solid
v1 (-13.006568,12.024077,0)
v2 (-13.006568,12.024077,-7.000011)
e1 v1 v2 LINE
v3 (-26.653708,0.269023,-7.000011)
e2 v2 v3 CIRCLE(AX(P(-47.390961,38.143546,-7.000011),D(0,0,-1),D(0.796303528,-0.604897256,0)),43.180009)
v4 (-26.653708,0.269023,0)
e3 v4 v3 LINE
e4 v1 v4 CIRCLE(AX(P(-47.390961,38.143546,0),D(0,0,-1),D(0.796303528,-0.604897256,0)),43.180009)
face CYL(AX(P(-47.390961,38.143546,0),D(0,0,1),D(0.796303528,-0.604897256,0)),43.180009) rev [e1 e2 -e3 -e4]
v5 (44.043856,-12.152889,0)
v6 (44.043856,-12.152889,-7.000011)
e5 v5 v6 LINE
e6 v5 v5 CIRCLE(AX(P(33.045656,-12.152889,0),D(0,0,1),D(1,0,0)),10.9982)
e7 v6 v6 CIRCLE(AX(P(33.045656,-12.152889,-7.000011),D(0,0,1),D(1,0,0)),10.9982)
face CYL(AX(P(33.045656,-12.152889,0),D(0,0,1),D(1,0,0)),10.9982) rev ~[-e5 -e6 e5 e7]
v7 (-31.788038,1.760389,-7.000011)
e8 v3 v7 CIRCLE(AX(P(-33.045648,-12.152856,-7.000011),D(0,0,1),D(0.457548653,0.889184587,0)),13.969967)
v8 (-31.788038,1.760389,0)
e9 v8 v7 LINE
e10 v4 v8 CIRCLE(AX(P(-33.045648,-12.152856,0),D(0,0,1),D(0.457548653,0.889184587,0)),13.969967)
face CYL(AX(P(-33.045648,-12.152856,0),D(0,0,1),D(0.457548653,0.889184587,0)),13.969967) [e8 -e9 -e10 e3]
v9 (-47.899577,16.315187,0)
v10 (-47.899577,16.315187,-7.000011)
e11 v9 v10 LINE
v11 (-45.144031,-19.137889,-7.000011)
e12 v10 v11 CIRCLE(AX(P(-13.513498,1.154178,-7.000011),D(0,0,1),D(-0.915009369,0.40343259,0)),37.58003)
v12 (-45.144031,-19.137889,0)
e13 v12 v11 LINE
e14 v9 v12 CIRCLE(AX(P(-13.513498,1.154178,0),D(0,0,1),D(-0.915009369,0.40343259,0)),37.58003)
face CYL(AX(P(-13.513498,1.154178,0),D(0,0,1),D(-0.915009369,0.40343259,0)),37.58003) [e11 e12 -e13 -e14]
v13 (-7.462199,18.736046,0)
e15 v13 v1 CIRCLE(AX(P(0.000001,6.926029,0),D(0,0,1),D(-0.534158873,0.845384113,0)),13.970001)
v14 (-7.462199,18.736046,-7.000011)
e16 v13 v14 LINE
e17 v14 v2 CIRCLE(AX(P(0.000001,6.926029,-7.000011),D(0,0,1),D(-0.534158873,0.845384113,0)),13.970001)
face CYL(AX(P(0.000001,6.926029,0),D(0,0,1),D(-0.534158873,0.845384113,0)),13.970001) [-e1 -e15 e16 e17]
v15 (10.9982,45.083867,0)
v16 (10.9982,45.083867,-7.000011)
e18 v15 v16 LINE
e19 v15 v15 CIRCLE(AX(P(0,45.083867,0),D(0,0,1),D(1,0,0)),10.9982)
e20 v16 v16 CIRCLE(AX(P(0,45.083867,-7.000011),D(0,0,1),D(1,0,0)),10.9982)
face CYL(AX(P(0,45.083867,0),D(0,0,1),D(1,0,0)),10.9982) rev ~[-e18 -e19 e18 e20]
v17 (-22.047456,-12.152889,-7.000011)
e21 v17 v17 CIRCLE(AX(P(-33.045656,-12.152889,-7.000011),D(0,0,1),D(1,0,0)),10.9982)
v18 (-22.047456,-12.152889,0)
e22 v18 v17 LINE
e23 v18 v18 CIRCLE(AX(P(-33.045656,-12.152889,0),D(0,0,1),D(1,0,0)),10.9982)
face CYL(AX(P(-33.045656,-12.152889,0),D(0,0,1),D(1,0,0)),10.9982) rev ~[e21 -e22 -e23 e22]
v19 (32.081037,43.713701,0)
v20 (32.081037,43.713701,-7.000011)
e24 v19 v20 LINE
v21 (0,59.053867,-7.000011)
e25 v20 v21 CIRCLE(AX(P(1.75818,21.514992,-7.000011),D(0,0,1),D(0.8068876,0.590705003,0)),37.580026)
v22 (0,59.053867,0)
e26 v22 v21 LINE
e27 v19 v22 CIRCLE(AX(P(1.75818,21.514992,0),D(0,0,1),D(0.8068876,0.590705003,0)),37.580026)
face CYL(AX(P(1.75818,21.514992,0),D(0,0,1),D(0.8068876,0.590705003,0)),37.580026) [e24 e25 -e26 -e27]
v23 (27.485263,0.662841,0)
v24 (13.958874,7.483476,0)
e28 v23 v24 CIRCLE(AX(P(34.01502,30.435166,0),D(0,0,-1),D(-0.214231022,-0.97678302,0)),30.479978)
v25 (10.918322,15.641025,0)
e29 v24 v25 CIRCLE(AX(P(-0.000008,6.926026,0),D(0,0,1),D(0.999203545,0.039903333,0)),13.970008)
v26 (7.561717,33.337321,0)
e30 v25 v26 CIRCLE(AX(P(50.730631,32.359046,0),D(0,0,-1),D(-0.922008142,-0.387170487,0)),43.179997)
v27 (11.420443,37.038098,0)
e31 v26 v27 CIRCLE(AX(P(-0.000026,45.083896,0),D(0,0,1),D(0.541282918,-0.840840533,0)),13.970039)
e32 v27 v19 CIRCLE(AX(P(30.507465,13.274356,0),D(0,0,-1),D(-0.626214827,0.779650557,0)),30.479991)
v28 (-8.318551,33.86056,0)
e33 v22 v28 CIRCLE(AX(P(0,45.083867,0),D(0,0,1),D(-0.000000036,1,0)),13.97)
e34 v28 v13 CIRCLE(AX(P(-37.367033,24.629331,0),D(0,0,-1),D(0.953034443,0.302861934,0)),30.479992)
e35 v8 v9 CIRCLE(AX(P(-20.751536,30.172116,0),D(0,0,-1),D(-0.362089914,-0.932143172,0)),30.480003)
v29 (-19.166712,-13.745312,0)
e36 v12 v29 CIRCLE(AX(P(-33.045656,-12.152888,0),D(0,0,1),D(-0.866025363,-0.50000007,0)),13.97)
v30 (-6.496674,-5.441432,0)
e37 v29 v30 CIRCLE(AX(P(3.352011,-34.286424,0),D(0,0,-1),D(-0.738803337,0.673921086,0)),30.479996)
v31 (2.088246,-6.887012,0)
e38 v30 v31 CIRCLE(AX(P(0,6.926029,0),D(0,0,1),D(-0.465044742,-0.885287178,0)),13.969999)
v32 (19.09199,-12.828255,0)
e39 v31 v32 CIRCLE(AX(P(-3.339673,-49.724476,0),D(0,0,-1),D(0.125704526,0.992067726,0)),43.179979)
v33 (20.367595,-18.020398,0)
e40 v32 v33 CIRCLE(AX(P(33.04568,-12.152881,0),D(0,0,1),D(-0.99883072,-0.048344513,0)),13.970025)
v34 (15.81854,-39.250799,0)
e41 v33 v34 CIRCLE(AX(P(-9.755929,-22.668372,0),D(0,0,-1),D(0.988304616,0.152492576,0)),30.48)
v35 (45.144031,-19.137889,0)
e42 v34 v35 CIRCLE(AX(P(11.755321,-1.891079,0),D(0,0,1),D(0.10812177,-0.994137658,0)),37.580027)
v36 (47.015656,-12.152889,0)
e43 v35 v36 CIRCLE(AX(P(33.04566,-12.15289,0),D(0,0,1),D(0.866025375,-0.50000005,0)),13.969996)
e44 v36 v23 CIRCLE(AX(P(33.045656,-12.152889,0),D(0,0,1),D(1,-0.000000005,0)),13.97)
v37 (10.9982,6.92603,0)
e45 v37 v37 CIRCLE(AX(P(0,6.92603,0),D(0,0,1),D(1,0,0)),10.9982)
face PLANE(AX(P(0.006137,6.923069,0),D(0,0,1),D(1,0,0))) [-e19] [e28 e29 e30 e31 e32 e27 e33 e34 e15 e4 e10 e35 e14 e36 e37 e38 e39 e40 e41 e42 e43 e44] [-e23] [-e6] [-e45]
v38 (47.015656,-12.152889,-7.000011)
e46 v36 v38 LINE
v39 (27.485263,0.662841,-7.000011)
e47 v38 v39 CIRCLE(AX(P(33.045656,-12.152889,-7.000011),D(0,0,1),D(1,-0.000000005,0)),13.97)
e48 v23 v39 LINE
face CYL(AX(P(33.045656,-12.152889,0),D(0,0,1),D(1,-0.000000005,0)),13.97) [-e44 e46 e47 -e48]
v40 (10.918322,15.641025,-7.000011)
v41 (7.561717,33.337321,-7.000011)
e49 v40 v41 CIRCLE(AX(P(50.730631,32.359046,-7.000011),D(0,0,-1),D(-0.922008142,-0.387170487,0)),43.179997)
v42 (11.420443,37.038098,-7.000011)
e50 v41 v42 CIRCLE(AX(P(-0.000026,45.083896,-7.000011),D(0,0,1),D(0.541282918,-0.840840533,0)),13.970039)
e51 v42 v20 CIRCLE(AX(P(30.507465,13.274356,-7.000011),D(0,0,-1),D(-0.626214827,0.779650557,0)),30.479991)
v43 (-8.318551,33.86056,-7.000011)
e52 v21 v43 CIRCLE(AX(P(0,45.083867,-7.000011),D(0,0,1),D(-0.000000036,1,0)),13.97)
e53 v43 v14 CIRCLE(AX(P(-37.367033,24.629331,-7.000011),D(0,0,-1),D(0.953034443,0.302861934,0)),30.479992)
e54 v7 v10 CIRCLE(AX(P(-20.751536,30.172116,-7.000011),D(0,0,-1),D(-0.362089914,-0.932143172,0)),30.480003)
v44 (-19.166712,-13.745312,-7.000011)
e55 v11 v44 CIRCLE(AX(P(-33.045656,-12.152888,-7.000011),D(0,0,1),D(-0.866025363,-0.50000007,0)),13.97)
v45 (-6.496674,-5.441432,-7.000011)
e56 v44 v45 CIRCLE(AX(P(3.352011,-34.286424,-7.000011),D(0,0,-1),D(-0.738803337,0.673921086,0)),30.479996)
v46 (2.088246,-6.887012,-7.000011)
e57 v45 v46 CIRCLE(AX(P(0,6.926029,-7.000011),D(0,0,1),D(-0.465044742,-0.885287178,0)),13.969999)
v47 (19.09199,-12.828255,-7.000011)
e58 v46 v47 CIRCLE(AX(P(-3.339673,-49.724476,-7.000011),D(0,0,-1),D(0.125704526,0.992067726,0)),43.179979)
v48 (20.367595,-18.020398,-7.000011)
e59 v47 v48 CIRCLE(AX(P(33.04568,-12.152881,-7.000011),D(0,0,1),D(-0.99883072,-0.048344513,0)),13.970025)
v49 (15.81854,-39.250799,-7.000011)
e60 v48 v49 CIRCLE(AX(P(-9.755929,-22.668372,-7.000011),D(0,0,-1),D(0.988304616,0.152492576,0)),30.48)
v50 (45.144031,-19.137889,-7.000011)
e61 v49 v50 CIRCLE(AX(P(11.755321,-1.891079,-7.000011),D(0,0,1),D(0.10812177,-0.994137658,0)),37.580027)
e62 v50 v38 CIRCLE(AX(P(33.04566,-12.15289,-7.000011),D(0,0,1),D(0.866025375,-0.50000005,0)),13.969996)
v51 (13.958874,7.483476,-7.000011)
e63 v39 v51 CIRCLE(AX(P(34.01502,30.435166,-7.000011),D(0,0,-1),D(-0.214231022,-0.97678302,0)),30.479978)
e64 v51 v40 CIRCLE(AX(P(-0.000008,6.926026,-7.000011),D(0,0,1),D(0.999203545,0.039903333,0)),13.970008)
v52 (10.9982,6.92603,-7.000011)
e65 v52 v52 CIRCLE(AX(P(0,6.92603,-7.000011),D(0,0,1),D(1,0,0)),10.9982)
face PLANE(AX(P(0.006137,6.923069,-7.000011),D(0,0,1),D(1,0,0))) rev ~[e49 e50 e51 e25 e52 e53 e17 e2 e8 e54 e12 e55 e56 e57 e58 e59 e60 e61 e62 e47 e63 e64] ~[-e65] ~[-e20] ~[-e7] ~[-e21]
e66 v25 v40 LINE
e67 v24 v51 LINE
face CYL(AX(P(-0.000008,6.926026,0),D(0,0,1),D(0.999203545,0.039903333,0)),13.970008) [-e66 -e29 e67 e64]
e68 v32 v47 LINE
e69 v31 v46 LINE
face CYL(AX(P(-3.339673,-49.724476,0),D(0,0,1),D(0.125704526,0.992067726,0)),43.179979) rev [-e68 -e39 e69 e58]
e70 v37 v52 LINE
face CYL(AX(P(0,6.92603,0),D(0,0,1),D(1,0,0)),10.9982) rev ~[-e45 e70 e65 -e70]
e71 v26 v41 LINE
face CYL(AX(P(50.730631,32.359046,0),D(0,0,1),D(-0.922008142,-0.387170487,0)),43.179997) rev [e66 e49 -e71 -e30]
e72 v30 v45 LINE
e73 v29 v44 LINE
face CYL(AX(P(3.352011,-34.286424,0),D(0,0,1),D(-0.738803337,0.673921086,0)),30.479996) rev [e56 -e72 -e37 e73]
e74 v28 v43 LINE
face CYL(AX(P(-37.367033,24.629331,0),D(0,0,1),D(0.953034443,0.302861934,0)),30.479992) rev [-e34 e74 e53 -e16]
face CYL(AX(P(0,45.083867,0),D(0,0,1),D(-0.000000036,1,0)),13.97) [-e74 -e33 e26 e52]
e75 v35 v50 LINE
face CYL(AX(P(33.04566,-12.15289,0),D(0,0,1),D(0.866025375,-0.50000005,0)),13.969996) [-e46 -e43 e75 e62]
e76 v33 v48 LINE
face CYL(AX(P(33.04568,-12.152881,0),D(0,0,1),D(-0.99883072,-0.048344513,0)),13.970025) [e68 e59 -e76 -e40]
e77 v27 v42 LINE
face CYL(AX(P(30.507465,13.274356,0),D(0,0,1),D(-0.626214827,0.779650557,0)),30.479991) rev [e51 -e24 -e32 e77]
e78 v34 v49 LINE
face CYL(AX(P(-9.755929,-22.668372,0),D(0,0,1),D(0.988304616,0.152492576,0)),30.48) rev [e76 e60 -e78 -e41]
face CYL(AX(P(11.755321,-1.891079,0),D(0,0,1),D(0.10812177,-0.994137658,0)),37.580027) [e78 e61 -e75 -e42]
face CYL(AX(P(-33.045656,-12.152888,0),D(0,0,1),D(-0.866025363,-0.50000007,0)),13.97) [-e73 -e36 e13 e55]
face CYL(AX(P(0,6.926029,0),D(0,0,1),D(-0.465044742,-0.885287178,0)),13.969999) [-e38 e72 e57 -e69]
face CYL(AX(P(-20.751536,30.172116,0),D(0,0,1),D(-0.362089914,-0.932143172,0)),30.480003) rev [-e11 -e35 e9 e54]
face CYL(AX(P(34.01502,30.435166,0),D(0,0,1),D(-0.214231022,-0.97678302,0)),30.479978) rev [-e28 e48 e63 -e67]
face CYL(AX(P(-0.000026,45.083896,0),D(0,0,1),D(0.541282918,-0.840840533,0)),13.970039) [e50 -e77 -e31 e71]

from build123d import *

# Parameters (mm, degrees)
F0_R     = 10.9982
F1_DEPTH = 7.000011


with BuildPart() as f1:
    # F0 (on Top) → F1 (new body)
    with BuildSketch(Plane.XY):
        with BuildLine():
            ThreePointArc((2.088246, -6.887012), (10.590885, -2.184077), (13.97, 6.92603))
            ThreePointArc((13.97, 6.92603), (13.967218, 7.204808), (13.958874, 7.483476))
            ThreePointArc((13.958874, 7.483476), (13.090268, 11.805146), (10.918322, 15.641025))
            ThreePointArc((10.918322, 15.641025), (2.319695, 20.702093), (-7.462199, 18.736046))
            ThreePointArc((-7.462199, 18.736046), (-10.770573, 15.822976), (-13.006568, 12.024077))
            ThreePointArc((-13.006568, 12.024077), (-13.090268, 2.046913), (-6.496674, -5.441432))
            ThreePointArc((-6.496674, -5.441432), (-2.319695, -6.850033), (2.088246, -6.887012))
        make_face()
        with Locations((0, 6.92603)):
            Circle(F0_R, mode=Mode.SUBTRACT)
        with BuildLine():
            ThreePointArc((13.958874, 7.483476), (13.967218, 7.204808), (13.97, 6.92603))
            ThreePointArc((13.97, 6.92603), (10.590885, -2.184077), (2.088246, -6.887012))
            ThreePointArc((2.088246, -6.887012), (10.903349, -8.961172), (19.09199, -12.828255))
            ThreePointArc((19.09199, -12.828255), (21.183867, -4.773264), (27.485263, 0.662841))
            ThreePointArc((27.485263, 0.662841), (20.291579, 3.219431), (13.958874, 7.483476))
        make_face()
        with BuildLine():
            ThreePointArc((-7.462199, 18.736046), (2.319695, 20.702093), (10.918322, 15.641025))
            ThreePointArc((10.918322, 15.641025), (8.307046, 24.312208), (7.561717, 33.337321))
            ThreePointArc((7.561717, 33.337321), (-0.460048, 31.121444), (-8.318551, 33.86056))
            ThreePointArc((-8.318551, 33.86056), (-6.935781, 26.352352), (-7.462199, 18.736046))
        make_face()
        with BuildLine():
            ThreePointArc((47.015656, -12.152889), (40.70993, -0.473), (27.485263, 0.662841))
            ThreePointArc((27.485263, 0.662841), (21.183867, -4.773264), (19.09199, -12.828255))
            ThreePointArc((19.09199, -12.828255), (19.843858, -15.396303), (20.367595, -18.020398))
            ThreePointArc((20.367595, -18.020398), (32.416208, -26.108701), (45.144031, -19.137889))
            ThreePointArc((45.144031, -19.137889), (46.53964, -15.768591), (47.015656, -12.152889))
        make_face()
        with Locations((33.045656, -12.152889)):
            Circle(F0_R, mode=Mode.SUBTRACT)
        with BuildLine():
            ThreePointArc((-19.166712, -13.745312), (-13.355798, -8.793694), (-6.496674, -5.441432))
            ThreePointArc((-6.496674, -5.441432), (-13.090268, 2.046913), (-13.006568, 12.024077))
            ThreePointArc((-13.006568, 12.024077), (-19.210395, 5.427054), (-26.653708, 0.269023))
            ThreePointArc((-26.653708, 0.269023), (-21.119709, -4.877403), (-19.075656, -12.152889))
            ThreePointArc((-19.075656, -12.152889), (-19.098439, -12.950401), (-19.166712, -13.745312))
        make_face()
        with BuildLine():
            ThreePointArc((20.367595, -18.020398), (19.843858, -15.396303), (19.09199, -12.828255))
            ThreePointArc((19.09199, -12.828255), (19.479087, -15.48592), (20.367595, -18.020398))
        make_face()
        with BuildLine():
            ThreePointArc((11.420443, 37.038098), (9.409778, 35.272481), (7.561717, 33.337321))
            ThreePointArc((7.561717, 33.337321), (9.669774, 35.001389), (11.420443, 37.038098))
        make_face()
        with BuildLine():
            ThreePointArc((-8.318551, 33.86056), (-0.460048, 31.121444), (7.561717, 33.337321))
            ThreePointArc((7.561717, 33.337321), (9.409778, 35.272481), (11.420443, 37.038098))
            ThreePointArc((11.420443, 37.038098), (13.317366, 40.863836), (13.97, 45.083867))
            ThreePointArc((13.97, 45.083867), (9.878282, 54.962148), (0, 59.053867))
            ThreePointArc((0, 59.053867), (-13.265566, 49.46401), (-8.318551, 33.86056))
        make_face()
        with Locations((0, 45.083867)):
            Circle(F0_R, mode=Mode.SUBTRACT)
        with BuildLine():
            ThreePointArc((-45.144031, -19.137889), (-30.206188, -25.831277), (-19.166712, -13.745312))
            ThreePointArc((-19.166712, -13.745312), (-19.098439, -12.950401), (-19.075656, -12.152889))
            ThreePointArc((-19.075656, -12.152889), (-21.119709, -4.877403), (-26.653708, 0.269023))
            ThreePointArc((-26.653708, 0.269023), (-29.253636, 0.901911), (-31.788038, 1.760389))
            ThreePointArc((-31.788038, 1.760389), (-44.81702, -4.629864), (-45.144031, -19.137889))
        make_face()
        with Locations((-33.045656, -12.152889)):
            Circle(F0_R, mode=Mode.SUBTRACT)
        with BuildLine():
            ThreePointArc((45.144031, -19.137889), (32.416208, -26.108701), (20.367595, -18.020398))
            ThreePointArc((20.367595, -18.020398), (20.047579, -29.054393), (15.81854, -39.250799))
            ThreePointArc((15.81854, -39.250799), (33.010768, -32.882439), (45.144031, -19.137889))
        make_face()
        with BuildLine():
            ThreePointArc((13.97, 45.083867), (13.317366, 40.863836), (11.420443, 37.038098))
            ThreePointArc((11.420443, 37.038098), (21.136171, 42.277954), (32.081037, 43.713701))
            ThreePointArc((32.081037, 43.713701), (17.969761, 55.418428), (0, 59.053867))
            ThreePointArc((0, 59.053867), (9.878282, 54.962148), (13.97, 45.083867))
        make_face()
        with BuildLine():
            ThreePointArc((-31.788038, 1.760389), (-29.253636, 0.901911), (-26.653708, 0.269023))
            ThreePointArc((-26.653708, 0.269023), (-29.148861, 1.262621), (-31.788038, 1.760389))
        make_face()
        with BuildLine():
            ThreePointArc((-47.899577, 16.315187), (-50.980529, -1.7579), (-45.144031, -19.137889))
            ThreePointArc((-45.144031, -19.137889), (-44.81702, -4.629864), (-31.788038, 1.760389))
            ThreePointArc((-31.788038, 1.760389), (-41.18375, 7.554529), (-47.899577, 16.315187))
        make_face()
    extrude(amount=-F1_DEPTH)


solid = f1.part
